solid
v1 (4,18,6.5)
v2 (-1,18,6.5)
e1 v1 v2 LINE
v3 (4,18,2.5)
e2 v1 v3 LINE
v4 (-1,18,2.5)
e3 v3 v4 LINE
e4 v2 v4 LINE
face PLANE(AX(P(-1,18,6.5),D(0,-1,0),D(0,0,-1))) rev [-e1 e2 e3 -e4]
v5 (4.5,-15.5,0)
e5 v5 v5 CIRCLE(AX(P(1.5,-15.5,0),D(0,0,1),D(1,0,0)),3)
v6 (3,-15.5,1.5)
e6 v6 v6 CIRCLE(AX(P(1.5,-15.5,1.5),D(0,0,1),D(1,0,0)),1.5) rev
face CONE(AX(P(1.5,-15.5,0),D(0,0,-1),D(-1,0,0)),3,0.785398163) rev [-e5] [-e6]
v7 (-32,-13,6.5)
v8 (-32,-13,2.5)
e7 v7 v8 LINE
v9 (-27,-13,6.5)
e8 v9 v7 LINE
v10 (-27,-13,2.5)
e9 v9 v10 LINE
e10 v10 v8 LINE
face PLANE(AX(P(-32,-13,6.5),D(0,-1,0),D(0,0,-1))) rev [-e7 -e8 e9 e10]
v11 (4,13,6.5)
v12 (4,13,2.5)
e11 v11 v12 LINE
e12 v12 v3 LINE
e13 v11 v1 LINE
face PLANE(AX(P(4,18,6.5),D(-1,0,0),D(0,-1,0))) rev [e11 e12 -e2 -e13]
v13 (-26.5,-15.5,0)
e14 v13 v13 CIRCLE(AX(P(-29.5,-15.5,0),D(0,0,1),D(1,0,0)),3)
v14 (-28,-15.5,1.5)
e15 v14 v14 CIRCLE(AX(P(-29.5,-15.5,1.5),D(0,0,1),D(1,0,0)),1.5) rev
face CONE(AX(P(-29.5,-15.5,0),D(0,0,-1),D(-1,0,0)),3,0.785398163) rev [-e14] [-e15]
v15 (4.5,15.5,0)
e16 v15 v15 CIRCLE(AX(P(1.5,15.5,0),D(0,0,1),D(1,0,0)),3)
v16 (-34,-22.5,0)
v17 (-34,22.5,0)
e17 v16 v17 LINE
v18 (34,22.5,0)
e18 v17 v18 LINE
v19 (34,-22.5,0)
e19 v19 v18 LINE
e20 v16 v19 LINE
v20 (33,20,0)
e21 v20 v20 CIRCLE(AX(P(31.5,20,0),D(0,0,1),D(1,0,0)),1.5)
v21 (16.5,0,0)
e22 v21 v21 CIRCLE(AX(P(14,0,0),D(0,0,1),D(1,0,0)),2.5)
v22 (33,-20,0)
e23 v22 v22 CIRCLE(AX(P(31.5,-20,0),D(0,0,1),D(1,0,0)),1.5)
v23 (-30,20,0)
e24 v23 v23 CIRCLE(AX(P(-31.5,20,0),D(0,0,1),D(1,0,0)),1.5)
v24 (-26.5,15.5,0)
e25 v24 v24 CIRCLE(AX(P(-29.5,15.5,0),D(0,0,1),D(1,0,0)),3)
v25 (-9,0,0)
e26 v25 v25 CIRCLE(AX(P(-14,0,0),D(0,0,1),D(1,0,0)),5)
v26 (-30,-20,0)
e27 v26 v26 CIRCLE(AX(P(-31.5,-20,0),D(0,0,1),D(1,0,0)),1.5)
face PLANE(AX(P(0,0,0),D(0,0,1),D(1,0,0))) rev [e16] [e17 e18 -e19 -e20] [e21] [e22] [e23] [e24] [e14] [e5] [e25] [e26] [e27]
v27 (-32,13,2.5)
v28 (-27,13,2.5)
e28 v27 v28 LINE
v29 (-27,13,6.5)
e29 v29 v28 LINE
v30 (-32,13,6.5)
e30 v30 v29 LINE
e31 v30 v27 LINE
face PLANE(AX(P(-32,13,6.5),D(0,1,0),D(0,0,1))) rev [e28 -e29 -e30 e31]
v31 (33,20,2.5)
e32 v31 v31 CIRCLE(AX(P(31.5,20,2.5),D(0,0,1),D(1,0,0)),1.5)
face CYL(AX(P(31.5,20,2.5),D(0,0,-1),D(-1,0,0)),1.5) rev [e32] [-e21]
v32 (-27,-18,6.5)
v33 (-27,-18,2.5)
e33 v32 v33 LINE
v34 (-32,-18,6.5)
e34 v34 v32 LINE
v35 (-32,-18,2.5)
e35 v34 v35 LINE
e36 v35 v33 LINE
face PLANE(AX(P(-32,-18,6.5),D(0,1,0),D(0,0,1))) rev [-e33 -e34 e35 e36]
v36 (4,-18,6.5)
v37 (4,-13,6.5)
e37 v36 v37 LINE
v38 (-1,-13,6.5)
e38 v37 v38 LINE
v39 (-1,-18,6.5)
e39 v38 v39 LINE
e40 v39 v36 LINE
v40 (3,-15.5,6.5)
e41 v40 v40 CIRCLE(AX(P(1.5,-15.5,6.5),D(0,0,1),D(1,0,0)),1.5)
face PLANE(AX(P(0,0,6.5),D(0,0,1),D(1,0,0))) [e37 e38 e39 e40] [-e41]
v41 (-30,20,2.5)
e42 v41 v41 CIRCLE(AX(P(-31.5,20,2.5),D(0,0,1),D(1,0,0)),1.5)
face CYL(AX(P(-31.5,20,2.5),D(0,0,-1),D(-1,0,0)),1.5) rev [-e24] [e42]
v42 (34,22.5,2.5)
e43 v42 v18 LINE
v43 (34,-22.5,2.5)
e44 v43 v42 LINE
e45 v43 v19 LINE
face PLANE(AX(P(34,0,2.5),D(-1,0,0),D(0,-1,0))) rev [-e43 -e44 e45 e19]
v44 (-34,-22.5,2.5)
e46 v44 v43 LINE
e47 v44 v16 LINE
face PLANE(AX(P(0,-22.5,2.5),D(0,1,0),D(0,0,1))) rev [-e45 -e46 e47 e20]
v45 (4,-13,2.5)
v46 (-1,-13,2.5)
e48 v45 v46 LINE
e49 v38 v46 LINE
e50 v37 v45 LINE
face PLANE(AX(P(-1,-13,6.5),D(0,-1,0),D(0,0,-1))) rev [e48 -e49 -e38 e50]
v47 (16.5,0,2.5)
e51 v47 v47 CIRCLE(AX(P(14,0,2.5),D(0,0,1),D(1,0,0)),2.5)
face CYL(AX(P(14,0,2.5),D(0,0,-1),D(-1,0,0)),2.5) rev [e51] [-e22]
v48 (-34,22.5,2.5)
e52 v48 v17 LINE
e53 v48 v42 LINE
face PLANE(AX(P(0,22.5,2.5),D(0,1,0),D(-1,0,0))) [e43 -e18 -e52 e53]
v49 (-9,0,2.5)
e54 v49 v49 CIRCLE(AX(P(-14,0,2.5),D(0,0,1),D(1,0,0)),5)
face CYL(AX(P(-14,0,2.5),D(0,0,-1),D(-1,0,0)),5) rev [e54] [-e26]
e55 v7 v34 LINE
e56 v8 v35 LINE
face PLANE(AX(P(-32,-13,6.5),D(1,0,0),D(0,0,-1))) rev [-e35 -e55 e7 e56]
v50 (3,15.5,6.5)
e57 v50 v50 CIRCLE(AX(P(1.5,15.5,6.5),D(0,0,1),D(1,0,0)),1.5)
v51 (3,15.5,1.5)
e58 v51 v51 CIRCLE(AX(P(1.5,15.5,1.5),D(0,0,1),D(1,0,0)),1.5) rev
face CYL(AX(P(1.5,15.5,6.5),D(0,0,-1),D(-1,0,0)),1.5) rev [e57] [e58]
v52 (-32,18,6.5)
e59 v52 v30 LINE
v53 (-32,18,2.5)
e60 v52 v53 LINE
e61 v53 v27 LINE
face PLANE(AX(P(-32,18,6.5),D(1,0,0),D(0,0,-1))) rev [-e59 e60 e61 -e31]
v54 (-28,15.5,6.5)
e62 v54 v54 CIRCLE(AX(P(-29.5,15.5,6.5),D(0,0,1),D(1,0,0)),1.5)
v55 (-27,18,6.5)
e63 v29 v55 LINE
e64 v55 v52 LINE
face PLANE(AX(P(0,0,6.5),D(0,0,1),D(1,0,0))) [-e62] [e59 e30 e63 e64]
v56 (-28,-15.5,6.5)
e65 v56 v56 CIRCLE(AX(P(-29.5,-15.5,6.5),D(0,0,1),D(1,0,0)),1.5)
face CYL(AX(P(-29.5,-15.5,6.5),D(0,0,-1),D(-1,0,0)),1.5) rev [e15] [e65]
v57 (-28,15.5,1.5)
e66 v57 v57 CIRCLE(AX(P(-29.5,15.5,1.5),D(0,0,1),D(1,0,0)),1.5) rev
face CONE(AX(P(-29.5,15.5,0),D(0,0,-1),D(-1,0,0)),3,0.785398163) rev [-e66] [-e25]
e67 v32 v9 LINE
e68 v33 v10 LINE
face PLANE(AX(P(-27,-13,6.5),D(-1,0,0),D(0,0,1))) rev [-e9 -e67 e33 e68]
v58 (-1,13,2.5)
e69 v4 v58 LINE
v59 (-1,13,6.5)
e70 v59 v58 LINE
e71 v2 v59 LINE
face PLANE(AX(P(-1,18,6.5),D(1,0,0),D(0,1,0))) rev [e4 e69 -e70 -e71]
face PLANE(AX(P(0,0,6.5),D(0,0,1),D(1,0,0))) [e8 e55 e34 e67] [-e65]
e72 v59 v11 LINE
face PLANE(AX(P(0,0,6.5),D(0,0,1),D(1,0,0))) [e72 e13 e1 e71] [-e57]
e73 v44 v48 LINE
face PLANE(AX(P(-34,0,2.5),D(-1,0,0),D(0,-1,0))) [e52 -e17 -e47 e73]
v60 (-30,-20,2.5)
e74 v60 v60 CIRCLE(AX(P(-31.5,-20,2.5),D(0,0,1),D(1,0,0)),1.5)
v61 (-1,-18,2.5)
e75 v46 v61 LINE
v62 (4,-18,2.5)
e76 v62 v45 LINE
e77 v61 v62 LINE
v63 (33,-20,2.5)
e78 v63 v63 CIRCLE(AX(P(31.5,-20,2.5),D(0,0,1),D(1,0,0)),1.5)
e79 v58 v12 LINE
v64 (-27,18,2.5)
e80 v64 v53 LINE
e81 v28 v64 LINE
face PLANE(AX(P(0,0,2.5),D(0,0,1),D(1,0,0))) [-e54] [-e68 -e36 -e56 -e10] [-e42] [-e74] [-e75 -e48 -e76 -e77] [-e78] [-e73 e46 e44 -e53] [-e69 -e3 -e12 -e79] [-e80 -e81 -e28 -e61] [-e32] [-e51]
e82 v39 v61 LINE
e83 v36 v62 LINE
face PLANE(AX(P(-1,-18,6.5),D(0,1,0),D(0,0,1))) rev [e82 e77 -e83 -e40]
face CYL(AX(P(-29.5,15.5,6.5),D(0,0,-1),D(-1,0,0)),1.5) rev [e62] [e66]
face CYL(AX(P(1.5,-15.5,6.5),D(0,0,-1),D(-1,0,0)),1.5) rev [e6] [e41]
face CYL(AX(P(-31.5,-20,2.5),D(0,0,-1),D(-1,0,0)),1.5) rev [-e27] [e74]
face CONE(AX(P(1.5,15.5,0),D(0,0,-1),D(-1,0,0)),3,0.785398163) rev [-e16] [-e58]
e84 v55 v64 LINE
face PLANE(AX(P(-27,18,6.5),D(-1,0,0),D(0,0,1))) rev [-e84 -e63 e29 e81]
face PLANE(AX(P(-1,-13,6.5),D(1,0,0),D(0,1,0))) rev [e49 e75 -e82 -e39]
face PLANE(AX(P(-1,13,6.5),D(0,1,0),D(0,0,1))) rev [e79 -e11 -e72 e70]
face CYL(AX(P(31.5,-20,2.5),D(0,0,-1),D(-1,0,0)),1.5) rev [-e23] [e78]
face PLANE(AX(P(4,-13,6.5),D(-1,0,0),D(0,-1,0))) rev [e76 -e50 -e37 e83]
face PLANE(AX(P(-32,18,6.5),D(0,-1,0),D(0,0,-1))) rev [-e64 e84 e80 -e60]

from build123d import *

# Parameters (mm, degrees)
SKICA1_W                 = 68
SKICA1_H                 = 45
SKICA1_R                 = 1.5
SKICA1_R_2               = 5
SKICA1_R_3               = 2.5
P_IDAT_VYSUNUT_M1_DEPTH  = 2.5
SKICA2_W                 = 5
SKICA2_H                 = 5
SKICA2_R                 = 1.5
P_IDAT_VYSUNUT_M2_DEPTH  = 4
ODEBRAT_START            = -2.5
SKICA5_R                 = 1.5
ODEBRAT_VYSUNUT_M1_DEPTH = 2.5
ZKOSEN_1_SIZE            = 1.5


with BuildPart() as part:
    # Skica1 → Přidat vysunutím1 (new body)
    with BuildSketch(Plane.XY):
        Rectangle(SKICA1_W, SKICA1_H)
        with Locations((-31.5, 20)):
            Circle(SKICA1_R, mode=Mode.SUBTRACT)
        with Locations((31.5, 20)):
            Circle(SKICA1_R, mode=Mode.SUBTRACT)
        with Locations((31.5, -20)):
            Circle(SKICA1_R, mode=Mode.SUBTRACT)
        with Locations((-31.5, -20)):
            Circle(SKICA1_R, mode=Mode.SUBTRACT)
        with Locations((-14, 0)):
            Circle(SKICA1_R_2, mode=Mode.SUBTRACT)
        with Locations((14, 0)):
            Circle(SKICA1_R_3, mode=Mode.SUBTRACT)
    extrude(amount=P_IDAT_VYSUNUT_M1_DEPTH)

    # Skica2 → Přidat vysunutím2 (add)
    # profile 1 of 4: a face of its own
    with BuildSketch(Plane.XY.offset(2.5)):
        with Locations((-29.5, 15.5)):
            Rectangle(SKICA2_W, SKICA2_H)
        with Locations((-29.5, 15.5)):
            Circle(SKICA2_R, mode=Mode.SUBTRACT)
    # profile 2 of 4: a face of its own
    with BuildSketch(Plane.XY.offset(2.5)):
        with Locations((1.5, 15.5)):
            Rectangle(SKICA2_W, SKICA2_H)
        with Locations((1.5, 15.5)):
            Circle(SKICA2_R, mode=Mode.SUBTRACT)
    # profile 3 of 4: a face of its own
    with BuildSketch(Plane.XY.offset(2.5)):
        with Locations((1.5, -15.5)):
            Rectangle(SKICA2_W, SKICA2_H)
        with Locations((1.5, -15.5)):
            Circle(SKICA2_R, mode=Mode.SUBTRACT)
    # profile 4 of 4: a face of its own
    with BuildSketch(Plane.XY.offset(2.5)):
        with Locations((-29.5, -15.5)):
            Rectangle(SKICA2_W, SKICA2_H)
        with Locations((-29.5, -15.5)):
            Circle(SKICA2_R, mode=Mode.SUBTRACT)
    extrude(amount=P_IDAT_VYSUNUT_M2_DEPTH)

    # Skica5 → Odebrat vysunutím1 (cut)
    with BuildSketch(Plane.XY.offset(2.5).offset(ODEBRAT_START)):
        with Locations((-29.5, 15.5)):
            Circle(SKICA5_R)
        with Locations((1.5, 15.5)):
            Circle(SKICA5_R)
        with Locations((1.5, -15.5)):
            Circle(SKICA5_R)
        with Locations((-29.5, -15.5)):
            Circle(SKICA5_R)
    extrude(amount=ODEBRAT_VYSUNUT_M1_DEPTH, mode=Mode.SUBTRACT)

    # Zkosení1
    zkosen_1_edges = [part.edges().sort_by_distance(p)[0] for p in [
        (0, -15.5, 0),
        (0, 15.5, 0),
        (-31, 15.5, 0),
        (-31, -15.5, 0),
    ]]
    chamfer(zkosen_1_edges, length=ZKOSEN_1_SIZE)


solid = part.part
